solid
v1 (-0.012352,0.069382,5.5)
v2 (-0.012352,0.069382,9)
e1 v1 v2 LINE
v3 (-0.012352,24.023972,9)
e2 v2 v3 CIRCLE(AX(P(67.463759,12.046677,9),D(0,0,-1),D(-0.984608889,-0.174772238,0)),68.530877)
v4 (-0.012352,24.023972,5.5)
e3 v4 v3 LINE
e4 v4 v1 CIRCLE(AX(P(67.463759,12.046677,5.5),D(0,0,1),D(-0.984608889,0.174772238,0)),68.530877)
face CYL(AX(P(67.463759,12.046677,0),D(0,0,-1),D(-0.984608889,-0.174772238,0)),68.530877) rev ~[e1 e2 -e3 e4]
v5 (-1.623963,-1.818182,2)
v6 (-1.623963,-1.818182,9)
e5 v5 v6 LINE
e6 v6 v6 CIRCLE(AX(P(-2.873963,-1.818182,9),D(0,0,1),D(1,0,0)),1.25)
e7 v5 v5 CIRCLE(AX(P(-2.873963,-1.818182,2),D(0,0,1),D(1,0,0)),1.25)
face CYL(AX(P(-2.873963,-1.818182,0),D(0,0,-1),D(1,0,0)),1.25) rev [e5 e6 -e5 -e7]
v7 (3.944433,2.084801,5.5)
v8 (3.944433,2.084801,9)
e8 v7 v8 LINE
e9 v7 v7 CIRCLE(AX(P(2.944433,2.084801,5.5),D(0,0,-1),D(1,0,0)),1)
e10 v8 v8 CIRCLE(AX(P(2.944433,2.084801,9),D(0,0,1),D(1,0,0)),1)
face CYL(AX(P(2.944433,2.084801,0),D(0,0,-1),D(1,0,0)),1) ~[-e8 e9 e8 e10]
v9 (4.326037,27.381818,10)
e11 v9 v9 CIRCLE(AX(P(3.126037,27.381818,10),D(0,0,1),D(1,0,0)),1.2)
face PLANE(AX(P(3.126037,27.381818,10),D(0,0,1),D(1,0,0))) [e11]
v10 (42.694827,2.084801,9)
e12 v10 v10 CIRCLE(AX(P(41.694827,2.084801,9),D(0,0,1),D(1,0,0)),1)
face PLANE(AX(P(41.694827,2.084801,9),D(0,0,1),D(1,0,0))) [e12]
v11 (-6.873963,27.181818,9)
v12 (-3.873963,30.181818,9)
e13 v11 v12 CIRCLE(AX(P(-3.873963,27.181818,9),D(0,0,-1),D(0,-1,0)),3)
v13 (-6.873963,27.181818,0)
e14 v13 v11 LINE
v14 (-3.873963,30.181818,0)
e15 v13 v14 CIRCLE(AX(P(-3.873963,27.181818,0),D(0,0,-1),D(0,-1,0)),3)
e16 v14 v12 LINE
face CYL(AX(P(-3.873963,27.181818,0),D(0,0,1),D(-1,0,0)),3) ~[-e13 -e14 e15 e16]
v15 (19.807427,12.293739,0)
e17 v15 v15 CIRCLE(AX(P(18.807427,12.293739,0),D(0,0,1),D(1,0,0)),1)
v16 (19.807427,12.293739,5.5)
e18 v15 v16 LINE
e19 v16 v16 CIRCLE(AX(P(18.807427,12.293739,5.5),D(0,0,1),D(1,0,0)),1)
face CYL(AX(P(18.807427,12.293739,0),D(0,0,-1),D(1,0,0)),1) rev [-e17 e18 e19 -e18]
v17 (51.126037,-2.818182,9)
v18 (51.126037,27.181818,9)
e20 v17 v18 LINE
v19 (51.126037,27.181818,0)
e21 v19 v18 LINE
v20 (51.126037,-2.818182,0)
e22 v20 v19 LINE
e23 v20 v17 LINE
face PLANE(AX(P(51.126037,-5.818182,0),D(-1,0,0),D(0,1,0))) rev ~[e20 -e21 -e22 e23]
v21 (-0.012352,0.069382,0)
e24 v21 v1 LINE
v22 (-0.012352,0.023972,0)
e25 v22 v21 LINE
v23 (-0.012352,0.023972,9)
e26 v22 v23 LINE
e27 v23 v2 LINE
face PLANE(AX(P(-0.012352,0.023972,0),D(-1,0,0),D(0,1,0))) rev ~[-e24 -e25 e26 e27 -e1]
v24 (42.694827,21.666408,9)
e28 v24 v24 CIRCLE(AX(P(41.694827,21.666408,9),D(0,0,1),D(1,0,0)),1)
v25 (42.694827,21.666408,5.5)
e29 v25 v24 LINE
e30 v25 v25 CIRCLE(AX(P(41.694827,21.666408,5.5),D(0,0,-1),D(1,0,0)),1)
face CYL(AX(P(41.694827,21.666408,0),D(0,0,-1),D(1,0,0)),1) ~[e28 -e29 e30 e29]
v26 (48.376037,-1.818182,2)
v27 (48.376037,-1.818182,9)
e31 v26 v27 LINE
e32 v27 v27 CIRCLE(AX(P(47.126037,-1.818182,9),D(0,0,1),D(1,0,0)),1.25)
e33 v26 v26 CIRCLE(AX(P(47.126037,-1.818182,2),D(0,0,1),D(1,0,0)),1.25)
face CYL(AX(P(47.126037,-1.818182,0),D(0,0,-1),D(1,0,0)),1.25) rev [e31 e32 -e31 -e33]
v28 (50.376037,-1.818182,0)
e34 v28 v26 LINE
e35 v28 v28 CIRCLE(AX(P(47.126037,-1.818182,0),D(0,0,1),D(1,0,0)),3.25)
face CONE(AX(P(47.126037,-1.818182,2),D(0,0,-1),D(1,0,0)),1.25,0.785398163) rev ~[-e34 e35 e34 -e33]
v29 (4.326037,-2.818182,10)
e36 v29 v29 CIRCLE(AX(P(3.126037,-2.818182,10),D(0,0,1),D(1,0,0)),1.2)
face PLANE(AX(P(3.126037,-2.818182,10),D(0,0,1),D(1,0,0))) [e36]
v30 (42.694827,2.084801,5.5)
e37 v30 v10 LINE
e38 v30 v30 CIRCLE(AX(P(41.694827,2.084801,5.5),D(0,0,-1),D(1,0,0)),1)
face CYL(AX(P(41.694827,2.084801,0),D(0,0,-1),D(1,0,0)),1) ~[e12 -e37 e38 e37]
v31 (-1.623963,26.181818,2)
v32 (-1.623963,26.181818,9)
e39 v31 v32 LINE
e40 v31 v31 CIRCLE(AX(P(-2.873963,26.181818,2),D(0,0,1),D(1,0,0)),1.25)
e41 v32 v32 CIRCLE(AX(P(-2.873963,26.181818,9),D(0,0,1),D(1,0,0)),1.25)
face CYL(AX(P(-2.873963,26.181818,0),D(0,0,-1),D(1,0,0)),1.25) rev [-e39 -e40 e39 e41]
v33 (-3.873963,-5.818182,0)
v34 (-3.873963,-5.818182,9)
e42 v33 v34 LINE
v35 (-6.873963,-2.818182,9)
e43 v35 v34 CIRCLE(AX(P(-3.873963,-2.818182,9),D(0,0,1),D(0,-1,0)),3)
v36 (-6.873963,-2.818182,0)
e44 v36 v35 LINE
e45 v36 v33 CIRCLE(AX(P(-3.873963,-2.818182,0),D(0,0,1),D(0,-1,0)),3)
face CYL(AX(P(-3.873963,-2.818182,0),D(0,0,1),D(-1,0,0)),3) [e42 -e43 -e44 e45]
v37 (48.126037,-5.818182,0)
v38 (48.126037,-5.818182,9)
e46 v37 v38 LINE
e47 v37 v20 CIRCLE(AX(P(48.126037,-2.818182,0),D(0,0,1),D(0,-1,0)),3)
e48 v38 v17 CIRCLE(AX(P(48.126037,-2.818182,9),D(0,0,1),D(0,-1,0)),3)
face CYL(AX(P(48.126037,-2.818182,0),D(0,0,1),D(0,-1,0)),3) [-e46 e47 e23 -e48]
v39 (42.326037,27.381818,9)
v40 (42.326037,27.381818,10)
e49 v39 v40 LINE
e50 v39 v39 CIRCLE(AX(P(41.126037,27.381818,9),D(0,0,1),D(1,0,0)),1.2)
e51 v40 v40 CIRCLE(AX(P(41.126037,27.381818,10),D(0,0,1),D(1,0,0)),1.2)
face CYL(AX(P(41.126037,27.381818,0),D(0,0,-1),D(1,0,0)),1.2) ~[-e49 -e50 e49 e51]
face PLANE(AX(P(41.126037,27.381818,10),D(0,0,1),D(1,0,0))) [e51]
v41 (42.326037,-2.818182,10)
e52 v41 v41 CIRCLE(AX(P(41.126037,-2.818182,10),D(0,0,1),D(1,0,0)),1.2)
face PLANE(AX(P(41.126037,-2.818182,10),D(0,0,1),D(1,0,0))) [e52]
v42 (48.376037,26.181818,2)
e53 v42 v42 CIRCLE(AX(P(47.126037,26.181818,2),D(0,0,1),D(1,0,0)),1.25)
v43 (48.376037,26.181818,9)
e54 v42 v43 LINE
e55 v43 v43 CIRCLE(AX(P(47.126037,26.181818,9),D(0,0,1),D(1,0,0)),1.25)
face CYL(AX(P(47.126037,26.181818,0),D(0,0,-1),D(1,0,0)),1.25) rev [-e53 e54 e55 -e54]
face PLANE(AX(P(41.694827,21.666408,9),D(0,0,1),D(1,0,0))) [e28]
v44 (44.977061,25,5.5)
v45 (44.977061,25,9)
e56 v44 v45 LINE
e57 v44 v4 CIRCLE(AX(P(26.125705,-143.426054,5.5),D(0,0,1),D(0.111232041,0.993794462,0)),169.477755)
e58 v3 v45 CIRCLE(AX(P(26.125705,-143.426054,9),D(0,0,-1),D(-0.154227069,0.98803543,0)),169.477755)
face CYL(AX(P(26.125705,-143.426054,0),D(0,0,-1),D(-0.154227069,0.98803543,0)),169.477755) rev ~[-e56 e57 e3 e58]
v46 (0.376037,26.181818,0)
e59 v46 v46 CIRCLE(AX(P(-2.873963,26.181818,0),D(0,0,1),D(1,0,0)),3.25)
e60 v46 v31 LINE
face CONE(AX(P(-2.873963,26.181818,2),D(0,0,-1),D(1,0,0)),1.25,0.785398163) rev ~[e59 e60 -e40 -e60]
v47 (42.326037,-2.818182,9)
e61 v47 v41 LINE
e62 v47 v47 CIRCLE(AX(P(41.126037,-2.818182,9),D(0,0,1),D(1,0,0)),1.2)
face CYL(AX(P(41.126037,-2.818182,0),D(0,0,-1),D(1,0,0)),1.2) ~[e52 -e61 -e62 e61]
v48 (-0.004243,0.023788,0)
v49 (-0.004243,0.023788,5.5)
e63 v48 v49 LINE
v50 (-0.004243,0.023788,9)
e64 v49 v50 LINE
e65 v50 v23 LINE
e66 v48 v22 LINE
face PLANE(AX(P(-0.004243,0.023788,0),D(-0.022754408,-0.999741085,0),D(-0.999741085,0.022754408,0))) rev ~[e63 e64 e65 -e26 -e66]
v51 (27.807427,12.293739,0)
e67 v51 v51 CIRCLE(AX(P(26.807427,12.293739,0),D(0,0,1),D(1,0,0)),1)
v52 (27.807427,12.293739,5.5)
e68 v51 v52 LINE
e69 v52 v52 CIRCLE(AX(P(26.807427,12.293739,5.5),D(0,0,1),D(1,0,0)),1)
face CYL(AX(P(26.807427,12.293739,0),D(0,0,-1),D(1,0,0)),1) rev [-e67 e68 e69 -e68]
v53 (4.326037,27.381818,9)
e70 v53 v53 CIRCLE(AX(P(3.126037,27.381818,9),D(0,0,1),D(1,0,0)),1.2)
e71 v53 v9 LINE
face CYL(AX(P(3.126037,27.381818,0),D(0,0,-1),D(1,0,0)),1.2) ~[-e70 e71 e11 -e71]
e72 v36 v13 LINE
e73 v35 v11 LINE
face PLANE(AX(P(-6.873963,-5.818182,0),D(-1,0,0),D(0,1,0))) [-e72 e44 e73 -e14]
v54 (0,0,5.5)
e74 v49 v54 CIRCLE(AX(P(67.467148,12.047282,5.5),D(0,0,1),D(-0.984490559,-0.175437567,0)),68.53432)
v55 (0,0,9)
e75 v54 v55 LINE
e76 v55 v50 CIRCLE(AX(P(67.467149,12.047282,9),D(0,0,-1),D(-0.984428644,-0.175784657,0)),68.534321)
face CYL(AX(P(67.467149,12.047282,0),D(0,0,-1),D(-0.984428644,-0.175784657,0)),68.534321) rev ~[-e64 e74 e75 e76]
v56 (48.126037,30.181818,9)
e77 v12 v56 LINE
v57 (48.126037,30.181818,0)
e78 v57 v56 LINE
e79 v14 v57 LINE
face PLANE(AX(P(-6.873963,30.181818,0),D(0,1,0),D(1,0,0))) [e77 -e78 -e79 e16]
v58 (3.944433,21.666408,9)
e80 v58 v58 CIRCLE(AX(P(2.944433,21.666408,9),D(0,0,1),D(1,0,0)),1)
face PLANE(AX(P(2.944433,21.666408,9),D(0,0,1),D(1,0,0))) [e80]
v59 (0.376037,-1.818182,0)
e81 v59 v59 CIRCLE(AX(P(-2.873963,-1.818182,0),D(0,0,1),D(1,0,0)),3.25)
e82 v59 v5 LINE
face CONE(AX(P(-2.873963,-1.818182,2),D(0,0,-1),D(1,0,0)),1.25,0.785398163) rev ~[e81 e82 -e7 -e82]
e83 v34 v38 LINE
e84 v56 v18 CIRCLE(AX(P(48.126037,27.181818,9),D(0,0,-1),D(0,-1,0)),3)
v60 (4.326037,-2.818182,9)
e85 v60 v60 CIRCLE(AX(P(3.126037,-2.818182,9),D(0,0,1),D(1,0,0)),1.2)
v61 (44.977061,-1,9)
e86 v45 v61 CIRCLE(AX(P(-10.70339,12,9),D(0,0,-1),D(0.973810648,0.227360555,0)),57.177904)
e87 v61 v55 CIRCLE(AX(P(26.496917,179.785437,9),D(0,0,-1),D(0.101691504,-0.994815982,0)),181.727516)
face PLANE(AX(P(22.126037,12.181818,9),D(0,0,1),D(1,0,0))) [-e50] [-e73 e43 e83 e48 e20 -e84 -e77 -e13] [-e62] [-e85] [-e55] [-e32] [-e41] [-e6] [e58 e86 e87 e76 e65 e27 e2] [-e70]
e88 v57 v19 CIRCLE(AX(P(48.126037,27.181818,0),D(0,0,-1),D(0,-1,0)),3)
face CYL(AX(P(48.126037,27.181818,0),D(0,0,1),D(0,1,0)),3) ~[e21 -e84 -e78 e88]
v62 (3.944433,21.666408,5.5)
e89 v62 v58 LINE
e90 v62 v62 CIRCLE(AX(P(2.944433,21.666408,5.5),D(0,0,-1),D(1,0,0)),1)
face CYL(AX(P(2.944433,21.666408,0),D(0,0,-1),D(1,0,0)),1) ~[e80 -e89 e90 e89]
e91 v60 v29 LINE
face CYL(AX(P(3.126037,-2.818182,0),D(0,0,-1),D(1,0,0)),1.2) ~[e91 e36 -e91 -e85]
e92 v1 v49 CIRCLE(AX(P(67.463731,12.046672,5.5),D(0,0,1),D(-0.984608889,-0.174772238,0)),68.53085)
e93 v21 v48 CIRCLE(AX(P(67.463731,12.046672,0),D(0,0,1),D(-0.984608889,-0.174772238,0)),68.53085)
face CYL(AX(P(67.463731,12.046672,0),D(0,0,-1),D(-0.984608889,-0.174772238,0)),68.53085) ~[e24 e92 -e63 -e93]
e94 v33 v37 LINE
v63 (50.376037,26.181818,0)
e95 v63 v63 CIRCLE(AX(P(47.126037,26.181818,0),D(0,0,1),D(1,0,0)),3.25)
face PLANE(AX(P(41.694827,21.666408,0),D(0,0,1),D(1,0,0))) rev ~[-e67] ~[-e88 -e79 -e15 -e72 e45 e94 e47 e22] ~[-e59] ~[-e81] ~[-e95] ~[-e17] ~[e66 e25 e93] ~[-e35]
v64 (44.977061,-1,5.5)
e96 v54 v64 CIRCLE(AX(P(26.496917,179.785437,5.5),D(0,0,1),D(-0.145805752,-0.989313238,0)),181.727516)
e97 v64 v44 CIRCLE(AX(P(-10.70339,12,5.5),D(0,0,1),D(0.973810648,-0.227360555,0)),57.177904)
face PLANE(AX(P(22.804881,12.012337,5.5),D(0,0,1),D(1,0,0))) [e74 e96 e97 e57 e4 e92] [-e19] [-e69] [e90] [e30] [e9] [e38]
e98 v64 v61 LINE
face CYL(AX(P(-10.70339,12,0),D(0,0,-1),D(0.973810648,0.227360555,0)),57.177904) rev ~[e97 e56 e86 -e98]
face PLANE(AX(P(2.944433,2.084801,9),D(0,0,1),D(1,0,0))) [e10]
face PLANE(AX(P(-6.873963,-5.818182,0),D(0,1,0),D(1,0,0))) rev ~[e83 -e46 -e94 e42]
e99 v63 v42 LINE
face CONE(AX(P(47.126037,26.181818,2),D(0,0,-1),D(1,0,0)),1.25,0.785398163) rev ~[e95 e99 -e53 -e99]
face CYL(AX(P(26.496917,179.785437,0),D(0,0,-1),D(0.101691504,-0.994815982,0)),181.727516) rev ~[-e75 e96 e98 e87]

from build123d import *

# Parameters (mm, degrees)
F0_W     = 58
F0_H     = 36
F0_R     = 1.25
F0_R_2   = 1.2
F1_DEPTH = 9
F0_R_3   = 1
F2_DEPTH = 5.5
F3_DEPTH = 9
F4_R     = 3
F5_SIZE  = 2
F6_DEPTH = 10


with BuildPart() as f1:
    # F0 (on Top) → F1 (new body)
    with BuildSketch(Plane.XY):
        with Locations((22.1260370687, 12.181818096)):
            Rectangle(F0_W, F0_H)
        with Locations((-2.8739629313, -1.818181904)):
            Circle(F0_R, mode=Mode.SUBTRACT)
        with Locations((3.1260370687, -2.818181904)):
            Circle(F0_R_2, mode=Mode.SUBTRACT)
        with Locations((41.1260370687, -2.818181904)):
            Circle(F0_R_2, mode=Mode.SUBTRACT)
        with Locations((47.1260370687, -1.818181904)):
            Circle(F0_R, mode=Mode.SUBTRACT)
        with BuildLine():
            Line((-0.0042433119, 0.0237876128), (-0.0123524841, 0.02397218))
            Line((-0.0123524841, 0.02397218), (-0.0123524841, 0.0693824727))
            ThreePointArc((-0.0123524841, 0.0693824727), (-1.0671188126, 12.0466773263), (-0.0123524841, 24.02397218))
            ThreePointArc((-0.0123524841, 24.02397218), (22.4498159336, 26.0118318189), (44.9770614896, 25))
            ThreePointArc((44.9770614896, 25), (46.474513746, 12), (44.9770614896, -1))
            ThreePointArc((44.9770614896, -1), (22.4574664967, -1.8971785964), (0, 0))
            ThreePointArc((0, 0), (-0.0021227043, 0.0118936194), (-0.0042433119, 0.0237876128))
        make_face(mode=Mode.SUBTRACT)
        with Locations((-2.8739629313, 26.181818096)):
            Circle(F0_R, mode=Mode.SUBTRACT)
        with Locations((3.1260370687, 27.381818096)):
            Circle(F0_R_2, mode=Mode.SUBTRACT)
        with Locations((41.1260370687, 27.381818096)):
            Circle(F0_R_2, mode=Mode.SUBTRACT)
        with Locations((47.1260370687, 26.181818096)):
            Circle(F0_R, mode=Mode.SUBTRACT)
    extrude(amount=F1_DEPTH)

    # F0 (on Top) → F2 (join)
    with BuildSketch(Plane.XY):
        with BuildLine():
            Line((-0.0123524841, 24.02397218), (-0.0123524841, 0.0693824727))
            ThreePointArc((-0.0123524841, 0.0693824727), (-0.0083017494, 0.0465843578), (-0.0042433119, 0.0237876128))
            Line((-0.0042433119, 0.0237876128), (44.9770614896, -1))
            Line((44.9770614896, -1), (44.9770614896, 25))
            Line((44.9770614896, 25), (-0.0123524841, 24.02397218))
        make_face()
        with Locations((2.9444331303, 2.0848012064)):
            Circle(F0_R_3, mode=Mode.SUBTRACT)
        with Locations((41.6948273778, 2.0848012064)):
            Circle(F0_R_3, mode=Mode.SUBTRACT)
        with Locations((18.8074270263, 12.2937392443)):
            Circle(F0_R_3, mode=Mode.SUBTRACT)
        with Locations((2.9444331303, 21.6664075851)):
            Circle(F0_R_3, mode=Mode.SUBTRACT)
        with Locations((26.8074270263, 12.2937392443)):
            Circle(F0_R_3, mode=Mode.SUBTRACT)
        with Locations((41.6948273778, 21.6664075851)):
            Circle(F0_R_3, mode=Mode.SUBTRACT)
        with Locations((2.9444331303, 21.6664075851)):
            Circle(F0_R_3)
        with Locations((2.9444331303, 2.0848012064)):
            Circle(F0_R_3)
        with Locations((41.6948273778, 2.0848012064)):
            Circle(F0_R_3)
        with Locations((41.6948273778, 21.6664075851)):
            Circle(F0_R_3)
        with BuildLine():
            ThreePointArc((44.9770614896, 25), (22.4498159336, 26.0118318189), (-0.0123524841, 24.02397218))
            Line((-0.0123524841, 24.02397218), (44.9770614896, 25))
        make_face()
        with BuildLine():
            Line((44.9770614896, -1), (-0.0042433119, 0.0237876128))
            ThreePointArc((-0.0042433119, 0.0237876128), (-0.0021227043, 0.0118936194), (0, 0))
            ThreePointArc((0, 0), (22.4574664967, -1.8971785964), (44.9770614896, -1))
        make_face()
        with BuildLine():
            Line((44.9770614896, 25), (44.9770614896, -1))
            ThreePointArc((44.9770614896, -1), (46.474513746, 12), (44.9770614896, 25))
        make_face()
        with BuildLine():
            ThreePointArc((-0.0123524841, 24.02397218), (-1.0671188126, 12.0466773263), (-0.0123524841, 0.0693824727))
            Line((-0.0123524841, 0.0693824727), (-0.0123524841, 24.02397218))
        make_face()
    extrude(amount=F2_DEPTH)

    # F0 (on Top) → F3 (join)
    with BuildSketch(Plane.XY):
        with Locations((41.6948273778, 21.6664075851)):
            Circle(F0_R_3)
        with Locations((2.9444331303, 21.6664075851)):
            Circle(F0_R_3)
        with Locations((2.9444331303, 2.0848012064)):
            Circle(F0_R_3)
        with Locations((41.6948273778, 2.0848012064)):
            Circle(F0_R_3)
    extrude(amount=F3_DEPTH)

    # F4
    f4_edges = [f1.edges().sort_by_distance(p)[0] for p in [
        (51.126037, 30.181818, 4.5),
        (51.126037, -5.818182, 4.5),
        (-6.873963, -5.818182, 4.5),
        (-6.873963, 30.181818, 4.5),
    ]]
    fillet(f4_edges, radius=F4_R)

    # F5
    f5_edges = [f1.edges().sort_by_distance(p)[0] for p in [
        (-4.123963, -1.818182, 0),
        (-4.123963, 26.181818, 0),
        (45.876037, -1.818182, 0),
        (45.876037, 26.181818, 0),
    ]]
    chamfer(f5_edges, length=F5_SIZE)

    # F0 (on Top) → F6 (join)
    with BuildSketch(Plane.XY):
        with Locations((3.1260370687, 27.381818096)):
            Circle(F0_R_2)
        with Locations((3.1260370687, -2.818181904)):
            Circle(F0_R_2)
        with Locations((41.1260370687, -2.818181904)):
            Circle(F0_R_2)
        with Locations((41.1260370687, 27.381818096)):
            Circle(F0_R_2)
    extrude(amount=F6_DEPTH)


solid = f1.part
